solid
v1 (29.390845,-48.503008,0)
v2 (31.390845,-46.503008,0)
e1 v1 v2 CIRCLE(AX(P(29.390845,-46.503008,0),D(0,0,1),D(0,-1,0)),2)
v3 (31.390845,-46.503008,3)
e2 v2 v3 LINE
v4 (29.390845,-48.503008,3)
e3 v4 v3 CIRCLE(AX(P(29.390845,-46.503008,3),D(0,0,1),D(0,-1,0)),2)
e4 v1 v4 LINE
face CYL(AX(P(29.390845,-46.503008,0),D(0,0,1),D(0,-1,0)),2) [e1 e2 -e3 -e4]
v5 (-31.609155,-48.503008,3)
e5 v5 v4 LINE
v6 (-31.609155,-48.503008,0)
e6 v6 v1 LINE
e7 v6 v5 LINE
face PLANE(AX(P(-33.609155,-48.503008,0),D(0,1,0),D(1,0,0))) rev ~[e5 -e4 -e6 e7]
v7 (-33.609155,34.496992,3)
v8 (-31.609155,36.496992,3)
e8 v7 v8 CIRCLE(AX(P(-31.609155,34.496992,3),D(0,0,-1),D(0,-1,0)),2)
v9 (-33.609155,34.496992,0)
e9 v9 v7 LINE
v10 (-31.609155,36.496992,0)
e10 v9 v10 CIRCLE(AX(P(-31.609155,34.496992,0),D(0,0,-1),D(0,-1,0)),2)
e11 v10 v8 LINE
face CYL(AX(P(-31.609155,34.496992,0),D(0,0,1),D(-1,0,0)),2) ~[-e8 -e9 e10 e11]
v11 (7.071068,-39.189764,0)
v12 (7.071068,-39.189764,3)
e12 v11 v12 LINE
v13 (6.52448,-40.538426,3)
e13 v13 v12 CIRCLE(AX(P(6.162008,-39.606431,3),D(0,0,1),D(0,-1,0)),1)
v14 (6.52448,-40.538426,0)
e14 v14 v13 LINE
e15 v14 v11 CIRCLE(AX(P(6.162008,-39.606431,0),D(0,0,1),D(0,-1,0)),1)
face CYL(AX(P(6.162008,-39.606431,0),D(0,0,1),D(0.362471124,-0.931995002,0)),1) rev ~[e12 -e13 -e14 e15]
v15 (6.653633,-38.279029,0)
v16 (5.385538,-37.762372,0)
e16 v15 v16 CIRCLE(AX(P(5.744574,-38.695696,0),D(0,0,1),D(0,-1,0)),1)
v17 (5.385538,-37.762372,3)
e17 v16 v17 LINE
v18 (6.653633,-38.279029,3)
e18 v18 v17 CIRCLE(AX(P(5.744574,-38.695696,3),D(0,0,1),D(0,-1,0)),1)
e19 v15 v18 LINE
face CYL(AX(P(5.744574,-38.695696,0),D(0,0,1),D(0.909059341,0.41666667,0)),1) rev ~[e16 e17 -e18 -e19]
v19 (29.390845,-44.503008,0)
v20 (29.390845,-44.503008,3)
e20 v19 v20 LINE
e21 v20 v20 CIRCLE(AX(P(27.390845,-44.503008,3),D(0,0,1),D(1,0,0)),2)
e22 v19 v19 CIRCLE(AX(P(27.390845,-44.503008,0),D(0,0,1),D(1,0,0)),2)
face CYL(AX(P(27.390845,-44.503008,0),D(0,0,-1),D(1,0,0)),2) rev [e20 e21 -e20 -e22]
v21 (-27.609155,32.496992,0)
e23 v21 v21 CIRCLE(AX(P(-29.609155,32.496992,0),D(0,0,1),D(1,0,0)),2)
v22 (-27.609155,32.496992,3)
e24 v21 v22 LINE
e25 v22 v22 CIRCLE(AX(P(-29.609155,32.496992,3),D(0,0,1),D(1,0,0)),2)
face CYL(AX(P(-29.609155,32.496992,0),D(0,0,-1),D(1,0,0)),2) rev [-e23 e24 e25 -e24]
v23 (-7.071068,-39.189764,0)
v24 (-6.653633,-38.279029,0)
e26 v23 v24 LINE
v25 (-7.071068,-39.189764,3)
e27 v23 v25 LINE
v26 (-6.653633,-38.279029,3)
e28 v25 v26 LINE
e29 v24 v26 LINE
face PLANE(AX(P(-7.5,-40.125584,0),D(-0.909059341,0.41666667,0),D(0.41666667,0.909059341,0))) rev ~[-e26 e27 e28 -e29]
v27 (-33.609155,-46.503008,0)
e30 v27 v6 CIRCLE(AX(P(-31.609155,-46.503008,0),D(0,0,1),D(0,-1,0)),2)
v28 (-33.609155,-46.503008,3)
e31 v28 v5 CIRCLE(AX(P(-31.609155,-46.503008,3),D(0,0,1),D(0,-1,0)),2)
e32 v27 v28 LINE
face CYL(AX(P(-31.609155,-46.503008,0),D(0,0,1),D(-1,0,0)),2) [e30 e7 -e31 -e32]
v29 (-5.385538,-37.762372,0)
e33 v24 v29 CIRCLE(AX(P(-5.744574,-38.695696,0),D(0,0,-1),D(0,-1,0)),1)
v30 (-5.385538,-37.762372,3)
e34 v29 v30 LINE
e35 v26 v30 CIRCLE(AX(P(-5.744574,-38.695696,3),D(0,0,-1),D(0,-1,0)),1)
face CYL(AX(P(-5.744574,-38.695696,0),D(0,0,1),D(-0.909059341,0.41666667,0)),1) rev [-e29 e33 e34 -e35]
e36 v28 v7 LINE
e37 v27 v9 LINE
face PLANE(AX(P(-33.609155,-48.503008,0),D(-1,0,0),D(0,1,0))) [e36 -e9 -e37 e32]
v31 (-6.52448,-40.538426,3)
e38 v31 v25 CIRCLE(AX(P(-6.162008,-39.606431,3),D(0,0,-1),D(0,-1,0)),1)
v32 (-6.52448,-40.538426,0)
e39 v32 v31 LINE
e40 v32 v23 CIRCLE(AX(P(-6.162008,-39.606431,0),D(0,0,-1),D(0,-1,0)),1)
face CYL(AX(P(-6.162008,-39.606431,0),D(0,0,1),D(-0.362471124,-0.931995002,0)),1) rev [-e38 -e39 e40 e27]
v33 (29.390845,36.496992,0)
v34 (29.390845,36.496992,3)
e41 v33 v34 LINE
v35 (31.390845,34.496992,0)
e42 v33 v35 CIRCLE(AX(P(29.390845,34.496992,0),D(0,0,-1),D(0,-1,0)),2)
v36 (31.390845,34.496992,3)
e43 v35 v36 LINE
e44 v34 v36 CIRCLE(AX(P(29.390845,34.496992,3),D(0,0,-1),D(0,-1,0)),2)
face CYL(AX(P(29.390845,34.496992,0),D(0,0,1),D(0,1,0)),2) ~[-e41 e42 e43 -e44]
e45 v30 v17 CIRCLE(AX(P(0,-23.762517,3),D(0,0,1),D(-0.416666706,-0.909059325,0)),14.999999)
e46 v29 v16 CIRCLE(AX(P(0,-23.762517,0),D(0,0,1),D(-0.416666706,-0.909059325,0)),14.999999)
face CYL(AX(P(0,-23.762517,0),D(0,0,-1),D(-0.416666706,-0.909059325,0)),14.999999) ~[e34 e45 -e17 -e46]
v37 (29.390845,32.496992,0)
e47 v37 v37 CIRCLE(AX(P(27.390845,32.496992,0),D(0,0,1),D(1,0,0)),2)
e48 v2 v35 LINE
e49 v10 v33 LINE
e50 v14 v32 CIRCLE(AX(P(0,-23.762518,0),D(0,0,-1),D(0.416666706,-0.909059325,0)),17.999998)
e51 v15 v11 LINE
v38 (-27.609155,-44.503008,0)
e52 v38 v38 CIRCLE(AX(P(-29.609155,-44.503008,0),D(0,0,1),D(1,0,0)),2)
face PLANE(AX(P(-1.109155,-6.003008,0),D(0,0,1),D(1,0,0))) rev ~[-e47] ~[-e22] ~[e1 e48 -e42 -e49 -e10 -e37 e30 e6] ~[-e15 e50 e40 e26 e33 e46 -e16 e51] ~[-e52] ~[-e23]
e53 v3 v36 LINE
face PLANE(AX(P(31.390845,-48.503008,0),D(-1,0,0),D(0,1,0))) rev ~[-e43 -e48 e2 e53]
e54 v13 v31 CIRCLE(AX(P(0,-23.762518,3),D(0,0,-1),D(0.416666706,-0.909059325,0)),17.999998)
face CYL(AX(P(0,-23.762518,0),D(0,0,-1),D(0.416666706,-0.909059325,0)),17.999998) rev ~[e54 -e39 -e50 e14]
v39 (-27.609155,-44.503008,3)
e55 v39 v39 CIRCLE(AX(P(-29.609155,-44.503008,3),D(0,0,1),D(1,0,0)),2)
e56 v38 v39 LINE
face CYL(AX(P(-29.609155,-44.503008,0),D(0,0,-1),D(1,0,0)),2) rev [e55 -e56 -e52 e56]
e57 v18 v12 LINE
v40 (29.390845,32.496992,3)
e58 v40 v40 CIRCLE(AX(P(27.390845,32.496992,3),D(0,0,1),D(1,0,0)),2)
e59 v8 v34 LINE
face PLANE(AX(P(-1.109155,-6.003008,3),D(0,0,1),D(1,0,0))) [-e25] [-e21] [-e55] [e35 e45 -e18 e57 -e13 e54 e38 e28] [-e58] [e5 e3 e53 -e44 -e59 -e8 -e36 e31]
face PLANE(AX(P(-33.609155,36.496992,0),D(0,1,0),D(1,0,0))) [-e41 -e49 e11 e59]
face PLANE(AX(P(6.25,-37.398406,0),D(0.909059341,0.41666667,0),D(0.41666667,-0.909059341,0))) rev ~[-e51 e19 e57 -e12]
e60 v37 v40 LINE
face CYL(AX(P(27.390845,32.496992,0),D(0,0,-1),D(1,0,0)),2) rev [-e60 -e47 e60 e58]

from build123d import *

# Parameters (mm, degrees)
F0_W     = 65
F0_H     = 85
F0_R     = 2
F1_DEPTH = 3
F2_R     = 2
F3_R     = 1


with BuildPart() as f1:
    # F0 (on Top) → F1 (new body)
    with BuildSketch(Plane.XY):
        with Locations((-1.109155, -6.003008)):
            Rectangle(F0_W, F0_H)
        with Locations((-29.609155, -44.503008)):
            Circle(F0_R, mode=Mode.SUBTRACT)
        with BuildLine():
            Line((-7.5, -40.125584), (-6.25, -37.398406))
            ThreePointArc((-6.25, -37.398406), (0, -38.762516), (6.25, -37.398406))
            Line((6.25, -37.398406), (7.5, -40.125584))
            ThreePointArc((7.5, -40.125584), (0, -41.762516), (-7.5, -40.125584))
        make_face(mode=Mode.SUBTRACT)
        with Locations((27.390845, -44.503008)):
            Circle(F0_R, mode=Mode.SUBTRACT)
        with Locations((-29.609155, 32.496992)):
            Circle(F0_R, mode=Mode.SUBTRACT)
        with Locations((27.390845, 32.496992)):
            Circle(F0_R, mode=Mode.SUBTRACT)
    extrude(amount=F1_DEPTH)

    # F2
    f2_edges = [f1.edges().sort_by_distance(p)[0] for p in [
        (31.390845, 36.496992, 1.5),
        (31.390845, -48.503008, 1.5),
        (-33.609155, -48.503008, 1.5),
        (-33.609155, 36.496992, 1.5),
    ]]
    fillet(f2_edges, radius=F2_R)

    # F3
    f3_edges = [f1.edges().sort_by_distance(p)[0] for p in [
        (-7.5, -40.125584, 1.5),
        (-6.25, -37.398406, 1.5),
        (6.25, -37.398406, 1.5),
        (7.5, -40.125584, 1.5),
    ]]
    fillet(f3_edges, radius=F3_R)


solid = f1.part
